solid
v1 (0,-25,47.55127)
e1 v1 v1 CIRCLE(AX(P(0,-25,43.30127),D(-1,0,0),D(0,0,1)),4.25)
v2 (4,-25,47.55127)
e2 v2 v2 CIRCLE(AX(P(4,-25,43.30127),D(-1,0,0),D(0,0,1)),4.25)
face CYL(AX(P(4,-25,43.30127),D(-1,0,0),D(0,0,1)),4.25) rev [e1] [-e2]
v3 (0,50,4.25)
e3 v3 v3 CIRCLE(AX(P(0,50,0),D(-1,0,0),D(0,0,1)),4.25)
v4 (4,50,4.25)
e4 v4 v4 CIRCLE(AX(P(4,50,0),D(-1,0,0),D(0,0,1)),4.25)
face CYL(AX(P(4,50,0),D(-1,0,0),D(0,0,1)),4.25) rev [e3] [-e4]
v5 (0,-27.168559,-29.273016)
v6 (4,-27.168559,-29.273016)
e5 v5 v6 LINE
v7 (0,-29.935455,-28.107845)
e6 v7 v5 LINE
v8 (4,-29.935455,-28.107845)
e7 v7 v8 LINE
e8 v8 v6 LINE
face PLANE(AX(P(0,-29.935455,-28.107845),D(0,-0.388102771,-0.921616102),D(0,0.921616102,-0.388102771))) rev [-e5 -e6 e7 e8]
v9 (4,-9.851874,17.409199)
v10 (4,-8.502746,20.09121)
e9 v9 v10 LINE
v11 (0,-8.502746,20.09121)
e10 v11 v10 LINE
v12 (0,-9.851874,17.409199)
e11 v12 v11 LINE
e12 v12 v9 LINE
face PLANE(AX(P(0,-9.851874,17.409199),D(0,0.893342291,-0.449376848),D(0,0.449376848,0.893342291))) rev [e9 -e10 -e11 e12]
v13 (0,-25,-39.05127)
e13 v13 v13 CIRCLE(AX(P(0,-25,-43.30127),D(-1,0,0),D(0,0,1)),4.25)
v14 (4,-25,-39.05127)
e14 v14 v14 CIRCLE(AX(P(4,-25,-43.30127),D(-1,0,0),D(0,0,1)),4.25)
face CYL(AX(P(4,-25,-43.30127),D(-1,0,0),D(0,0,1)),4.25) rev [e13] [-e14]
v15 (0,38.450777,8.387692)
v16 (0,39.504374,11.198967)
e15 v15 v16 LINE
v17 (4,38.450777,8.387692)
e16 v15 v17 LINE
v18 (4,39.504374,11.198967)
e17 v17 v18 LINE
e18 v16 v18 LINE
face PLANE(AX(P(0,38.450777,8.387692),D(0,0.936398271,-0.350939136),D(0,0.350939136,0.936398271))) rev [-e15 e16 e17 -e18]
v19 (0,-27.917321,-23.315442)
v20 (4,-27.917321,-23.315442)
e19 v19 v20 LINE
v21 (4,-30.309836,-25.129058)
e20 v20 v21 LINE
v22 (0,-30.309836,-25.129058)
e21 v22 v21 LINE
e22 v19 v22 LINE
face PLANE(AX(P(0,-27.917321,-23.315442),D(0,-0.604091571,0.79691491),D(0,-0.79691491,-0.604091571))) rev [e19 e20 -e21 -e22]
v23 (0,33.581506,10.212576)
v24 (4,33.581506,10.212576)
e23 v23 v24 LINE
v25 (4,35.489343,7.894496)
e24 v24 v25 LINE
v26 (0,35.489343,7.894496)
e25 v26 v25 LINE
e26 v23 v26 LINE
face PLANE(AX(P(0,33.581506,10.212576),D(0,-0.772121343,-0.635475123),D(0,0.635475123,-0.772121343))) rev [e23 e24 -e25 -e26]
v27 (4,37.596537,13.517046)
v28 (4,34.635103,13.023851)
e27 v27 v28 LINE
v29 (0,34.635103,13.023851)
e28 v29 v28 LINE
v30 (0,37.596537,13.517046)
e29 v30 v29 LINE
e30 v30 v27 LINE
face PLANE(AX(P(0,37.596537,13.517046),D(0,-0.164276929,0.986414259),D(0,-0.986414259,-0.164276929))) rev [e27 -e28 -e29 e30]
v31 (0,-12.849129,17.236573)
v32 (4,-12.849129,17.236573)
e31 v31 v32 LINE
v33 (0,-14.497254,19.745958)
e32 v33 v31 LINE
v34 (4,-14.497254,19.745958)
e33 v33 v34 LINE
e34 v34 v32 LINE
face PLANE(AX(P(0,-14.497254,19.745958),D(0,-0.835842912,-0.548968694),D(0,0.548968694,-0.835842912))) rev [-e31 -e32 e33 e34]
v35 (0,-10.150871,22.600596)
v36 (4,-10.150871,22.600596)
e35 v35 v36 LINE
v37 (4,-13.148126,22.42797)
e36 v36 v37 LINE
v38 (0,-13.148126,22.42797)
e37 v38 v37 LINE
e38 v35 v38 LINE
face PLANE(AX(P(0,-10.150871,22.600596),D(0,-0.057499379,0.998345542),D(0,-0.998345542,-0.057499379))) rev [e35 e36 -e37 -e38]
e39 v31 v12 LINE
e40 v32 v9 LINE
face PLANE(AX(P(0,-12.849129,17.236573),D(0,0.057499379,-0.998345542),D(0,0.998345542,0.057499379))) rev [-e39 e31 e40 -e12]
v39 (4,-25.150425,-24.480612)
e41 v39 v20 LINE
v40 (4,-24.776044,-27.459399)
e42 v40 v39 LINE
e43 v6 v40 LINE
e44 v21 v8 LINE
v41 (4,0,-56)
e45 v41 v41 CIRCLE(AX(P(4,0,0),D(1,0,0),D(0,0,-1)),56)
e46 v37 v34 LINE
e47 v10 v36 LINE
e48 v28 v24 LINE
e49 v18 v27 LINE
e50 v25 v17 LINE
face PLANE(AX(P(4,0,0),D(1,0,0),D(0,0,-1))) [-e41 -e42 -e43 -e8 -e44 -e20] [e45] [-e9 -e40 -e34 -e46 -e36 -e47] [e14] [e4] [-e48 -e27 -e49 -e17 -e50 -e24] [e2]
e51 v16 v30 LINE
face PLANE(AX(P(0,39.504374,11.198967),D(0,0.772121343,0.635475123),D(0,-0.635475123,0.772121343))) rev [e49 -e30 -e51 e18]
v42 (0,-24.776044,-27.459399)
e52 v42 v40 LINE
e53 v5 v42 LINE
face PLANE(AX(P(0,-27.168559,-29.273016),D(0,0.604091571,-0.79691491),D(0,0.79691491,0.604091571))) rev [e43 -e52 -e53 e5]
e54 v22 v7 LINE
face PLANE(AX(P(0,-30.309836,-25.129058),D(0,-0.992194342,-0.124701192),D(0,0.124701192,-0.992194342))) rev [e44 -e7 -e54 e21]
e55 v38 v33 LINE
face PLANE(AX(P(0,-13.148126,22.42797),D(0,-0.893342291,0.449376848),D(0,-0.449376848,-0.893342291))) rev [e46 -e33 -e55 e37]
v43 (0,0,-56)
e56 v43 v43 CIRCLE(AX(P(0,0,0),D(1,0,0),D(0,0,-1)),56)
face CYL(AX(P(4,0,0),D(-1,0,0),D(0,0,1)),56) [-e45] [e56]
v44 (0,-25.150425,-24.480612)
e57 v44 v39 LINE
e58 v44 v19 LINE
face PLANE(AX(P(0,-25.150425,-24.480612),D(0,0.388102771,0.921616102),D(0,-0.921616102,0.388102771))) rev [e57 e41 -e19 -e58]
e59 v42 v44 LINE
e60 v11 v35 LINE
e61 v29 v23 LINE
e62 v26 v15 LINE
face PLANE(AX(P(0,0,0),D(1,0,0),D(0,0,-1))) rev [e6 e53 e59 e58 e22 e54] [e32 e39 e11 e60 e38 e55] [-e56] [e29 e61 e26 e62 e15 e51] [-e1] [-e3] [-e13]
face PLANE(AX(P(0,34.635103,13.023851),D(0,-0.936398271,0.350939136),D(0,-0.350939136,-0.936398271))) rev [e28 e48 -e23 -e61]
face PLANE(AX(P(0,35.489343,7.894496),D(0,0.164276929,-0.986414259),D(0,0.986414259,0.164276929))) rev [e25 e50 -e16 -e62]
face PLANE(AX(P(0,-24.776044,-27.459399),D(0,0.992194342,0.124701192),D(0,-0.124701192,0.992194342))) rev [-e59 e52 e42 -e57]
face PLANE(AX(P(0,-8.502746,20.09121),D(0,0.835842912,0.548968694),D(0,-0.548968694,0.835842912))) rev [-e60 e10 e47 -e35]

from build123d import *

# Parameters (mm, degrees)
SKETCH1_R           = 56
BOSS_EXTRUDE1_DEPTH = 4
SKETCH2_R           = 4.25
CUT_EXTRUDE1_DEPTH  = 80.296910406
CUT_EXTRUDE3_DEPTH  = 80.296910406


with BuildPart() as part:
    # Sketch1 → Boss-Extrude1 (new body)
    with BuildSketch(Plane(origin=(0, 0, 0), x_dir=(0, 0, -1), z_dir=(1, 0, 0))):
        Circle(SKETCH1_R)
    extrude(amount=BOSS_EXTRUDE1_DEPTH)

    # Sketch2 → Cut-Extrude1 (cut, through all)
    with BuildSketch(Plane.ZY):
        with Locations((0, 50)):
            Circle(SKETCH2_R)
        with Locations((43.301270189, -25)):
            Circle(SKETCH2_R)
        with Locations((-43.301270189, -25)):
            Circle(SKETCH2_R)
    extrude(amount=-CUT_EXTRUDE1_DEPTH, mode=Mode.SUBTRACT)

    # Sketch4 → Cut-Extrude3 (cut, through all)
    with BuildSketch(Plane(origin=(4, 0, 0), x_dir=(0, 0, -1), z_dir=(1, 0, 0))):
        Polygon((27.459399078, -24.776044357), (24.480611991, -25.150424944), (23.315441547, -27.917320527), (25.12905819, -30.309835523), (28.107845277, -29.935454936), (29.273015721, -27.168559353), align=None)
        Polygon((-13.023850584, 34.635102926), (-10.212575655, 33.581505942), (-7.894496437, 35.489342956), (-8.387692148, 38.450776954), (-11.198967077, 39.504373938), (-13.517046295, 37.596536924), align=None)
        Polygon((-17.236572945, -12.849128791), (-17.40919881, -9.85187444), (-20.091210152, -8.502745649), (-22.600595629, -10.150871209), (-22.427969764, -13.14812556), (-19.745958422, -14.497254351), align=None)
    extrude(amount=-CUT_EXTRUDE3_DEPTH, mode=Mode.SUBTRACT)


solid = part.part
